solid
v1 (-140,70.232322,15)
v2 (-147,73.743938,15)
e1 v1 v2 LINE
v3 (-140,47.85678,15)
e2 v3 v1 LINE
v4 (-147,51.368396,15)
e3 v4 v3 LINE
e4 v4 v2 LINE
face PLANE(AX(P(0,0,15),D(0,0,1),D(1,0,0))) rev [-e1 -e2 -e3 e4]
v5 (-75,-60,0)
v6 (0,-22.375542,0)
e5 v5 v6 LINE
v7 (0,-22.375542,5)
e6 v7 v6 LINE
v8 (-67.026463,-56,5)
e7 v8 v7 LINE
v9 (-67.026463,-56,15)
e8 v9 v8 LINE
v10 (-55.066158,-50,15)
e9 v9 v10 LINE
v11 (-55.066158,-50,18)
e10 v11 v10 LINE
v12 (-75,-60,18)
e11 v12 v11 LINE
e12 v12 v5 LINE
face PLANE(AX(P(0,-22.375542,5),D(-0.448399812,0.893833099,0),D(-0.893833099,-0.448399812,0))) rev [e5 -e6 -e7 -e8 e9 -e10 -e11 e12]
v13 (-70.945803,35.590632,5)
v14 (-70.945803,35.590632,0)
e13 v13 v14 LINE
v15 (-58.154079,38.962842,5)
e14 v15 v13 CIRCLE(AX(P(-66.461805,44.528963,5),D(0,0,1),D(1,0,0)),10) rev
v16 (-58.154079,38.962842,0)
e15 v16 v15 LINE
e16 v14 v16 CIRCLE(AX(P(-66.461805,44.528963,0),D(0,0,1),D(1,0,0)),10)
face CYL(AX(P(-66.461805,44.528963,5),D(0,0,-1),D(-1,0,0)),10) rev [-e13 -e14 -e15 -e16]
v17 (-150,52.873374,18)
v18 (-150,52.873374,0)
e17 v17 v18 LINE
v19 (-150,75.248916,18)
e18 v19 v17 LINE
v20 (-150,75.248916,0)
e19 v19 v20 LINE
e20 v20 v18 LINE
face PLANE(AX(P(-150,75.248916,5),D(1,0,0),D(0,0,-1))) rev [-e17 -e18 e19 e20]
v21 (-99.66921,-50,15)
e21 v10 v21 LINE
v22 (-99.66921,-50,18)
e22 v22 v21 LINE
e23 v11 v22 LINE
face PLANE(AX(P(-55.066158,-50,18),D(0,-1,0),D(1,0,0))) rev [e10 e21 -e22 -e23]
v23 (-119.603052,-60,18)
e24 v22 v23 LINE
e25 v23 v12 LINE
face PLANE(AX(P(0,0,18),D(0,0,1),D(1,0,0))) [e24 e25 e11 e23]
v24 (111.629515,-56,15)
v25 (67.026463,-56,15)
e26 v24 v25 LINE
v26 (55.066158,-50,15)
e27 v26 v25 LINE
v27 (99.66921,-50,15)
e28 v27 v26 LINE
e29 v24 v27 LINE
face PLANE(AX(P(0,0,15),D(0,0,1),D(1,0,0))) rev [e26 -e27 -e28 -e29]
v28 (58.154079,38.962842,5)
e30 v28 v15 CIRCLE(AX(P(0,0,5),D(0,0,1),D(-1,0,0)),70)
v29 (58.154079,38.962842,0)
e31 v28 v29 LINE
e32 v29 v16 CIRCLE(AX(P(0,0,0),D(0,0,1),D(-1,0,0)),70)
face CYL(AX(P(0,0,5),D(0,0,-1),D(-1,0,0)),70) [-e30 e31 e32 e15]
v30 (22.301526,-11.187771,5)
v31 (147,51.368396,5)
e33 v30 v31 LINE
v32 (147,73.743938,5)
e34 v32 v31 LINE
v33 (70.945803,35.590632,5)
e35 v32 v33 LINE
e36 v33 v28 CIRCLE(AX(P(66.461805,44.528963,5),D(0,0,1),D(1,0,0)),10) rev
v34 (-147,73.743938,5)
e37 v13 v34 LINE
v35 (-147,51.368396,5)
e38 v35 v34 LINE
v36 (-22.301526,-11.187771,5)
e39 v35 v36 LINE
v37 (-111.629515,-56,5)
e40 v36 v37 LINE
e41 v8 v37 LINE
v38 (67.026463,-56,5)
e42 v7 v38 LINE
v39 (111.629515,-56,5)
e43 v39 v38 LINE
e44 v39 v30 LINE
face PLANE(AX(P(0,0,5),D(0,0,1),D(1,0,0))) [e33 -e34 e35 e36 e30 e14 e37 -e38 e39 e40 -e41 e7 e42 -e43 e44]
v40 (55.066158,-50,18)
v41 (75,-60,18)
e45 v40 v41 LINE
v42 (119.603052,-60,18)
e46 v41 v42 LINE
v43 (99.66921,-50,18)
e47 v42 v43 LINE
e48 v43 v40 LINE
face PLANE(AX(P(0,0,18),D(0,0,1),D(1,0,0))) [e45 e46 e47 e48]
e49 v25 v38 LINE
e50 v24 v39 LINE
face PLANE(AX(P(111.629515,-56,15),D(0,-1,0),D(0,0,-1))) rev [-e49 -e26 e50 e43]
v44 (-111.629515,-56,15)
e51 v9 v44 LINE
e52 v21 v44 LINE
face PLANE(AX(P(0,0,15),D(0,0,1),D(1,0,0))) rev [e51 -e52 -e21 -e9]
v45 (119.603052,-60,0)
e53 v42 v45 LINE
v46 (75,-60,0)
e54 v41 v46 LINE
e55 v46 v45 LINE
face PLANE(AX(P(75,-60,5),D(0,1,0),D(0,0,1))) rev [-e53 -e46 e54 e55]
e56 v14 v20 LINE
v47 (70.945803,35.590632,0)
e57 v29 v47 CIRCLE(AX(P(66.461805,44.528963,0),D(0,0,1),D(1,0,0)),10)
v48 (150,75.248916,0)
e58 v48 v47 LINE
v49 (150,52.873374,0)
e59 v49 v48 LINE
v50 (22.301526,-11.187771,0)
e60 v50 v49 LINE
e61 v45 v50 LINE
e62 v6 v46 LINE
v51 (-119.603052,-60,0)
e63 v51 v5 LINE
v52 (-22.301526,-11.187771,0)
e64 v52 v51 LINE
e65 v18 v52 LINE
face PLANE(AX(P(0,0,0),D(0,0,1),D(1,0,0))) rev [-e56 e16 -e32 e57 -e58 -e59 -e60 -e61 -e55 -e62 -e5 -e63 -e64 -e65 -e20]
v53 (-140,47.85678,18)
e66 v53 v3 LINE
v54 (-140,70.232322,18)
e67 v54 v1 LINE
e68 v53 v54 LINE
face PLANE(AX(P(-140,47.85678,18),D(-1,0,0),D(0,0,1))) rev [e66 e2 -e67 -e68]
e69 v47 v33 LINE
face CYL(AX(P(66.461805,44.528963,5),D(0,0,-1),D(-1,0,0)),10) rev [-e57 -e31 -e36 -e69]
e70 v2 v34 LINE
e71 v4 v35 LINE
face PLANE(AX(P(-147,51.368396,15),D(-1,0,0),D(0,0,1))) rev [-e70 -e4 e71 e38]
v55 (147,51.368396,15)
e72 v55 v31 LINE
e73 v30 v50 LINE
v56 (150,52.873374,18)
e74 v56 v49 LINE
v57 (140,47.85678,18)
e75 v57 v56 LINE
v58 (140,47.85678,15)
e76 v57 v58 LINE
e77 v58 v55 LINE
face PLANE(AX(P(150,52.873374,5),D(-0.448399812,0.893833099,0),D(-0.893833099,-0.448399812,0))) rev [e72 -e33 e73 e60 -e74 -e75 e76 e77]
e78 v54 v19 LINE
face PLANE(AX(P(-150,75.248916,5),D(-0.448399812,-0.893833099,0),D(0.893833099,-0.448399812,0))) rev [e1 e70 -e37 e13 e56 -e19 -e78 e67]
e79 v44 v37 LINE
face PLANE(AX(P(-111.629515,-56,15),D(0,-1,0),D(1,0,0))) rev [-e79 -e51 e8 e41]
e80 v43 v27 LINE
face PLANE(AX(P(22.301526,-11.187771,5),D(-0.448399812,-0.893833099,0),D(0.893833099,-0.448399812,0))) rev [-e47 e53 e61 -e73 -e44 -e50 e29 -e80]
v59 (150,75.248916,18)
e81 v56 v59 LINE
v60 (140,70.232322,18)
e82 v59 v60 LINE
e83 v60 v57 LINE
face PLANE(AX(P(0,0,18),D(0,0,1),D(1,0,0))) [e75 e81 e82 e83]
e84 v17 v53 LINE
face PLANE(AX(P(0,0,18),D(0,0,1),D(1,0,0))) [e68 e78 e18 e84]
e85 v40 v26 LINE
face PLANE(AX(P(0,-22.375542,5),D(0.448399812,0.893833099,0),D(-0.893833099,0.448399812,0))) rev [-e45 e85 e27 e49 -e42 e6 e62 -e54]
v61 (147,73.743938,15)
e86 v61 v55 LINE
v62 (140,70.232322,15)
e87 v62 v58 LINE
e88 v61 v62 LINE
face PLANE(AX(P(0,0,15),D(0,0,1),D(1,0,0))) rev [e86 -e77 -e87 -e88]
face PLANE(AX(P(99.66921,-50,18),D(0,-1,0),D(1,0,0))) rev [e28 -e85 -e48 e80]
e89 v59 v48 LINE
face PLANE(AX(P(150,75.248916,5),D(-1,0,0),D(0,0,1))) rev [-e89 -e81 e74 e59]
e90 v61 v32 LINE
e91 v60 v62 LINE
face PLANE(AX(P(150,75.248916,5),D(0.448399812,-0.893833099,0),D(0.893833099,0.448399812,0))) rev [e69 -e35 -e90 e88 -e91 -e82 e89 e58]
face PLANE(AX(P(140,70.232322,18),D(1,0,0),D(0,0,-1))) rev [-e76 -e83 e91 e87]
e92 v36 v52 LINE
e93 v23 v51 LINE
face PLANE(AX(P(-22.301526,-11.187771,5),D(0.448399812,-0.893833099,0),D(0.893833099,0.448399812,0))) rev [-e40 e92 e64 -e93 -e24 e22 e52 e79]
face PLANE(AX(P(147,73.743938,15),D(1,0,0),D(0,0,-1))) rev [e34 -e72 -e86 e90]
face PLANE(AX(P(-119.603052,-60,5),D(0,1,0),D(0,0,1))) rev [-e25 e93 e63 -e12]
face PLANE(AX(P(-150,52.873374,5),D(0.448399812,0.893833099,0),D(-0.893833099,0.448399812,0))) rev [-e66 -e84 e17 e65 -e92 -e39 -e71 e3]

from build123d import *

# Parameters (mm, degrees)
BOSS_EXTRUDE1_DEPTH = 5
BOSS_EXTRUDE2_DEPTH = 10
BOSS_EXTRUDE3_DEPTH = 3
BOSS_EXTRUDE4_DEPTH = 5
FILLET1_R           = 10


with BuildPart() as part:
    # Sketch1 → Boss-Extrude1 (new body)
    with BuildSketch(Plane.XY):
        Polygon((-150, 75.248916092), (0, 0), (150, 75.248916092), (150, 52.873374138), (22.301525839, -11.187770977), (119.603051678, -60), (75, -60), (0, -22.375541954), (-75, -60), (-119.603051678, -60), (-22.301525839, -11.187770977), (-150, 52.873374138), align=None)
    extrude(amount=BOSS_EXTRUDE1_DEPTH)

    # Sketch2 → Boss-Extrude2 (add)
    with BuildSketch(Plane.XY.offset(5)):
        Polygon((-150, 75.248916092), (-150, 52.873374138), (-147, 51.368395816), (-147, 73.74393777), align=None)
        Polygon((150, 75.248916092), (147, 73.74393777), (147, 51.368395816), (150, 52.873374138), align=None)
        Polygon((119.603051678, -60), (111.629514899, -56), (67.026463221, -56), (75, -60), align=None)
        Polygon((-75, -60), (-119.603051678, -60), (-111.629514899, -56), (-67.026463221, -56), align=None)
    extrude(amount=BOSS_EXTRUDE2_DEPTH)

    # Sketch3 → Boss-Extrude3 (add)
    with BuildSketch(Plane.XY.offset(15)):
        Polygon((-150, 75.248916092), (-150, 52.873374138), (-140, 47.856779731), (-140, 70.232321686), align=None)
        Polygon((-75, -60), (-55.066158054, -50), (-99.669209731, -50), (-119.603051678, -60), align=None)
        Polygon((75, -60), (119.603051678, -60), (99.669209731, -50), (55.066158054, -50), align=None)
        Polygon((150, 75.248916092), (140, 70.232321686), (140, 47.856779731), (150, 52.873374138), align=None)
    extrude(amount=BOSS_EXTRUDE3_DEPTH)

    # Sketch4 → Boss-Extrude4 (add)
    with BuildSketch(Plane.XY):
        with BuildLine():
            Line((-62.568316909, 31.387986861), (0, 0))
            Line((0, 0), (62.568316909, 31.387986861))
            ThreePointArc((62.568316909, 31.387986861), (0, 70), (-62.568316909, 31.387986861))
        make_face()
    extrude(amount=BOSS_EXTRUDE4_DEPTH)

    # Fillet1
    fillet1_edges = [part.edges().sort_by_distance(p)[0] for p in [
        (62.568316909, 31.387986861, 2.5),
        (-62.568316909, 31.387986861, 2.5),
    ]]
    fillet(fillet1_edges, radius=FILLET1_R)


solid = part.part
